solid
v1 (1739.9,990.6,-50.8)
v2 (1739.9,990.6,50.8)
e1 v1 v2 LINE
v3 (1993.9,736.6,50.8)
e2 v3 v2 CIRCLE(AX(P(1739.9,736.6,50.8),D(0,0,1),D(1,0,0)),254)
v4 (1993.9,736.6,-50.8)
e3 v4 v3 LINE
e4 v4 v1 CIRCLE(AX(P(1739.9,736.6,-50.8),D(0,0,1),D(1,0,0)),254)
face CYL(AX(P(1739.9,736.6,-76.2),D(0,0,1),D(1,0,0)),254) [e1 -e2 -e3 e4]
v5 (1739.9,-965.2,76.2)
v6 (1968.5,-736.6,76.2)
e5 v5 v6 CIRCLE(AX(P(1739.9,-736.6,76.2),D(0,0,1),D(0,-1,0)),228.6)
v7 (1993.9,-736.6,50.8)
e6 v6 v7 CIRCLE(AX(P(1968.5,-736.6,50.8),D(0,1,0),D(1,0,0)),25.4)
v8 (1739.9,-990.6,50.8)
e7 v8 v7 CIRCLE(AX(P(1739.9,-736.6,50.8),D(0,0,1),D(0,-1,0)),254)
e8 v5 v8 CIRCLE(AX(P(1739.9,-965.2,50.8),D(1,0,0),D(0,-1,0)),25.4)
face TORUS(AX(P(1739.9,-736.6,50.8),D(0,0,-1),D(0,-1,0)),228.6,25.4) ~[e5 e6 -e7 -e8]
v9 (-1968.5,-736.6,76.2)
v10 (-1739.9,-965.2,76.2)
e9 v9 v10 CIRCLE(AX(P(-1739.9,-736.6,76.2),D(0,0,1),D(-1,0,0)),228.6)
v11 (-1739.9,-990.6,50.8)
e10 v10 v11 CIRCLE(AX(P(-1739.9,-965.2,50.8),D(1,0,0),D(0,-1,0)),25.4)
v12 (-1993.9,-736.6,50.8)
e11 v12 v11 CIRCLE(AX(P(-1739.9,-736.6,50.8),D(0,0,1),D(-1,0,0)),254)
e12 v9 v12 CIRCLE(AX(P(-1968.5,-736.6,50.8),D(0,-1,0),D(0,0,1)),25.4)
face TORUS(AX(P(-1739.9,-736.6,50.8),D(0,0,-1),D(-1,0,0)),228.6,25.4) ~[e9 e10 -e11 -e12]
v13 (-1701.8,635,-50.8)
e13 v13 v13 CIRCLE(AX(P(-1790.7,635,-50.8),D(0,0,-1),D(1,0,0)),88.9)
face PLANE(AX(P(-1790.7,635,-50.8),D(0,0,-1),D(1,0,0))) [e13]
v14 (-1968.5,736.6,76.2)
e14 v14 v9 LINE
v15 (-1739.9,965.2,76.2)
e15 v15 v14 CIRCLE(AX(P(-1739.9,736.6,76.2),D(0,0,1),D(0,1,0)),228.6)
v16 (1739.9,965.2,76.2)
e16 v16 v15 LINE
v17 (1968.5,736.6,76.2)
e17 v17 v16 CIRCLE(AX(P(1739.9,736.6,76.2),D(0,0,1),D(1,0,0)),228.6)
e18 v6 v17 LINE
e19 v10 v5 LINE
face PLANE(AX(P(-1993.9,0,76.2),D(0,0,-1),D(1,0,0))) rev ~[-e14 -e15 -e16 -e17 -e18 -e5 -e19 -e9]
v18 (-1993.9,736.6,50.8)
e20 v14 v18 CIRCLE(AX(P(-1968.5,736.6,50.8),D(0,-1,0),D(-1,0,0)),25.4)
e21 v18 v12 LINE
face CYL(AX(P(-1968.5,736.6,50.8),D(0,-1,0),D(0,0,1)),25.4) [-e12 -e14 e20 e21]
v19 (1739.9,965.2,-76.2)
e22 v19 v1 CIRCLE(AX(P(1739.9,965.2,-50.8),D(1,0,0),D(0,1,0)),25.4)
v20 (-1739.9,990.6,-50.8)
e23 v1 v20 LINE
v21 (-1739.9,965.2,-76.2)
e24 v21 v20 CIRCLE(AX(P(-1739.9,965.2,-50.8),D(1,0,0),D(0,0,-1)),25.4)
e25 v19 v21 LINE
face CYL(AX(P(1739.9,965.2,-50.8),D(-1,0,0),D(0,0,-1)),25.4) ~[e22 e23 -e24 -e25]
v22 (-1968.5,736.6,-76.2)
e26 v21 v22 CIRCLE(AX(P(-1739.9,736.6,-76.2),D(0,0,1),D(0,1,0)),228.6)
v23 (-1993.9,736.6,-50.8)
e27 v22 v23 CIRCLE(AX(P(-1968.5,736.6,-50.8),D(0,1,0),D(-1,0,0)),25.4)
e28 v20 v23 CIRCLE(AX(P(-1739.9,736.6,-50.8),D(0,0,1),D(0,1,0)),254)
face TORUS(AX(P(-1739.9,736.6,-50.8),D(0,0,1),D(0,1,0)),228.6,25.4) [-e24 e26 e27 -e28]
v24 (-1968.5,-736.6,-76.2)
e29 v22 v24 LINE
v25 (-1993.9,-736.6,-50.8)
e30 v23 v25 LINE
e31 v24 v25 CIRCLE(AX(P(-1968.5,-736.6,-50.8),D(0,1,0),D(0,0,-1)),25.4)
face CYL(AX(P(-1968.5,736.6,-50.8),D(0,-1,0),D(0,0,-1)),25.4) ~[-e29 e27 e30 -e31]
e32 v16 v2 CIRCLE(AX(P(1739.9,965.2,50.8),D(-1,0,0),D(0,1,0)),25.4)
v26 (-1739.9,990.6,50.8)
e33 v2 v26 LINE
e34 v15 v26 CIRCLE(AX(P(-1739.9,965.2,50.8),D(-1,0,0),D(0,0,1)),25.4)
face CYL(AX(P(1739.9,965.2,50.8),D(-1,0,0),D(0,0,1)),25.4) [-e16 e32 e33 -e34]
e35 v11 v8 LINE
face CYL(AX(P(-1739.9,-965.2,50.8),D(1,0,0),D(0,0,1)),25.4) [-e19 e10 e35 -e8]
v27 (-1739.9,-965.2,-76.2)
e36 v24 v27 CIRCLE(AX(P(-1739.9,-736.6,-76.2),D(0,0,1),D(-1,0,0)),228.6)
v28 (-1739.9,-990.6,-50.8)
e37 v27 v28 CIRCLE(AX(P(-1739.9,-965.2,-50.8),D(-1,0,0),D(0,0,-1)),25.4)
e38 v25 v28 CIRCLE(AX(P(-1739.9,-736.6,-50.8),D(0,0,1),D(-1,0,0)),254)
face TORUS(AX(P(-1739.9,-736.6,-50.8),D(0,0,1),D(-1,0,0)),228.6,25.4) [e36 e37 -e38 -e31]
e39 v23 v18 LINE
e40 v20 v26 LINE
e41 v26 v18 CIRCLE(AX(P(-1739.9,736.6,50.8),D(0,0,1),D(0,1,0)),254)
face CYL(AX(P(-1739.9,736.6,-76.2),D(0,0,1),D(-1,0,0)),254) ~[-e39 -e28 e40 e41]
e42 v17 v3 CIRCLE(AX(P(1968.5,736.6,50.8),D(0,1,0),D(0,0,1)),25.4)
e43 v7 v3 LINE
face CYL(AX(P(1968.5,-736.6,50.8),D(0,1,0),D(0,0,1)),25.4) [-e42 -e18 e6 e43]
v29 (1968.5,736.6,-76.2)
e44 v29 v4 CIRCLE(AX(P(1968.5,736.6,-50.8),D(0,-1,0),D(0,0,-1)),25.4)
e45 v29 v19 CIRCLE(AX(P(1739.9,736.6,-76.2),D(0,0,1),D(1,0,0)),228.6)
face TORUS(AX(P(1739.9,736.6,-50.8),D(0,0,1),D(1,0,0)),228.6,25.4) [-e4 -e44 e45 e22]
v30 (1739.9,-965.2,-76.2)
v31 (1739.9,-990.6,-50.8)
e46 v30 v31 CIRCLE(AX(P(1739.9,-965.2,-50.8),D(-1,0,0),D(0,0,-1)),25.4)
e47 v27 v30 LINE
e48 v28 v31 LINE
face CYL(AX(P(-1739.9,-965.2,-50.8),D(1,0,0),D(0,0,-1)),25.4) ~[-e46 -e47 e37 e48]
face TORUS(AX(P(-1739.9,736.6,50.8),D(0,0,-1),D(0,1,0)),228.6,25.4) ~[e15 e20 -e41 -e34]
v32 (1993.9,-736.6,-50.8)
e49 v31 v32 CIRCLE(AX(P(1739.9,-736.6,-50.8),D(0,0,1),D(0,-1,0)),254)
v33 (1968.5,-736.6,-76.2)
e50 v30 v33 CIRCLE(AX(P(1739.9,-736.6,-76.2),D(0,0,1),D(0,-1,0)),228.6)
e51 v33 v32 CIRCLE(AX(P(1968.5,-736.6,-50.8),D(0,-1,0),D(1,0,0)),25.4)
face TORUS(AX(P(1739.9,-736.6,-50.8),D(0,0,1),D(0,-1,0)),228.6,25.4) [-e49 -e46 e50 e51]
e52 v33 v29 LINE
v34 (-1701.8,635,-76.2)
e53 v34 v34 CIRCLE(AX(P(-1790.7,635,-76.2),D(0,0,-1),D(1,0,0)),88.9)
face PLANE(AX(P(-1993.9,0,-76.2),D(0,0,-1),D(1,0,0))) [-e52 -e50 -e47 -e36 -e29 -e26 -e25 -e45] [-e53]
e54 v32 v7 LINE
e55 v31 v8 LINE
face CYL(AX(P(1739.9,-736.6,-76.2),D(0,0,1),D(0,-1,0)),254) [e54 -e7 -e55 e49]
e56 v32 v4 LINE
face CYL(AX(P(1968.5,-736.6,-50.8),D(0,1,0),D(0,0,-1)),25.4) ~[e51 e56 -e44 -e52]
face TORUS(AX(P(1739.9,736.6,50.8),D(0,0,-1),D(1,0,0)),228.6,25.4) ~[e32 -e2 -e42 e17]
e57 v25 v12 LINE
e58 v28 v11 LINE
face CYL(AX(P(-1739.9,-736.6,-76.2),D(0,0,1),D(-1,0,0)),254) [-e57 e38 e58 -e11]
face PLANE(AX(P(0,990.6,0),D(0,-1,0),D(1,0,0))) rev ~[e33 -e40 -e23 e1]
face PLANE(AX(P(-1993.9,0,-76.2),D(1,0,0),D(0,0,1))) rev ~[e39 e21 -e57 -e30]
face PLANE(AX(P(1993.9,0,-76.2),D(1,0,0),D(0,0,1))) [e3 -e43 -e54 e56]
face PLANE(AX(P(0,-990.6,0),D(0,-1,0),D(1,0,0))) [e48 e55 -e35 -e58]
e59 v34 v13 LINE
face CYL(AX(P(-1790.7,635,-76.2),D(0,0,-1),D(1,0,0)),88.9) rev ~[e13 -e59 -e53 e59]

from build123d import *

# Parameters (mm, degrees)
F0_W     = 3987.8
F0_H     = 152.4
F1_DEPTH = 990.6
F2_R     = 254
F3_R     = 254
F4_R     = 25.4
F5_R     = 25.4
F6_R     = 88.9
F7_DEPTH = 25.4


with BuildPart() as f1:
    # F0 (on Front) → F1 (new body, symmetric)
    with BuildSketch(Plane.XZ):
        Rectangle(F0_W, F0_H)
    extrude(amount=F1_DEPTH, both=True)

    # F2
    f2_edges = [f1.edges().sort_by_distance(p)[0] for p in [
        (-1993.9, -990.6, 0),
        (1993.9, -990.6, 0),
        (1993.9, 990.6, 0),
    ]]
    fillet(f2_edges, radius=F2_R)

    # F3
    f3_edges = [f1.edges().sort_by_distance(p)[0] for p in [
        (-1993.9, 990.6, 0),
    ]]
    fillet(f3_edges, radius=F3_R)

    # F4
    f4_edges = [f1.edges().sort_by_distance(p)[0] for p in [
        (0, -990.6, -76.2),
        (1919.505122, -916.205122, -76.2),
        (1993.9, 0, -76.2),
        (1919.505122, 916.205122, -76.2),
        (0, 990.6, -76.2),
        (-1919.505122, 916.205122, -76.2),
        (-1993.9, 0, -76.2),
        (-1919.505122, -916.205122, -76.2),
    ]]
    fillet(f4_edges, radius=F4_R)

    # F5
    f5_edges = [f1.edges().sort_by_distance(p)[0] for p in [
        (1919.505122, -916.205122, 76.2),
        (0, -990.6, 76.2),
        (-1919.505122, -916.205122, 76.2),
        (-1993.9, 0, 76.2),
        (-1919.505122, 916.205122, 76.2),
        (0, 990.6, 76.2),
        (1919.505122, 916.205122, 76.2),
        (1993.9, 0, 76.2),
    ]]
    fillet(f5_edges, radius=F5_R)

    # F6 (on face) → F7 (cut)
    with BuildSketch(Plane(origin=(0, 0, -76.2), x_dir=(1, 0, 0), z_dir=(0, 0, -1))):
        with Locations((-1790.7, -635)):
            Circle(F6_R)
    extrude(amount=-F7_DEPTH, mode=Mode.SUBTRACT)


solid = f1.part
